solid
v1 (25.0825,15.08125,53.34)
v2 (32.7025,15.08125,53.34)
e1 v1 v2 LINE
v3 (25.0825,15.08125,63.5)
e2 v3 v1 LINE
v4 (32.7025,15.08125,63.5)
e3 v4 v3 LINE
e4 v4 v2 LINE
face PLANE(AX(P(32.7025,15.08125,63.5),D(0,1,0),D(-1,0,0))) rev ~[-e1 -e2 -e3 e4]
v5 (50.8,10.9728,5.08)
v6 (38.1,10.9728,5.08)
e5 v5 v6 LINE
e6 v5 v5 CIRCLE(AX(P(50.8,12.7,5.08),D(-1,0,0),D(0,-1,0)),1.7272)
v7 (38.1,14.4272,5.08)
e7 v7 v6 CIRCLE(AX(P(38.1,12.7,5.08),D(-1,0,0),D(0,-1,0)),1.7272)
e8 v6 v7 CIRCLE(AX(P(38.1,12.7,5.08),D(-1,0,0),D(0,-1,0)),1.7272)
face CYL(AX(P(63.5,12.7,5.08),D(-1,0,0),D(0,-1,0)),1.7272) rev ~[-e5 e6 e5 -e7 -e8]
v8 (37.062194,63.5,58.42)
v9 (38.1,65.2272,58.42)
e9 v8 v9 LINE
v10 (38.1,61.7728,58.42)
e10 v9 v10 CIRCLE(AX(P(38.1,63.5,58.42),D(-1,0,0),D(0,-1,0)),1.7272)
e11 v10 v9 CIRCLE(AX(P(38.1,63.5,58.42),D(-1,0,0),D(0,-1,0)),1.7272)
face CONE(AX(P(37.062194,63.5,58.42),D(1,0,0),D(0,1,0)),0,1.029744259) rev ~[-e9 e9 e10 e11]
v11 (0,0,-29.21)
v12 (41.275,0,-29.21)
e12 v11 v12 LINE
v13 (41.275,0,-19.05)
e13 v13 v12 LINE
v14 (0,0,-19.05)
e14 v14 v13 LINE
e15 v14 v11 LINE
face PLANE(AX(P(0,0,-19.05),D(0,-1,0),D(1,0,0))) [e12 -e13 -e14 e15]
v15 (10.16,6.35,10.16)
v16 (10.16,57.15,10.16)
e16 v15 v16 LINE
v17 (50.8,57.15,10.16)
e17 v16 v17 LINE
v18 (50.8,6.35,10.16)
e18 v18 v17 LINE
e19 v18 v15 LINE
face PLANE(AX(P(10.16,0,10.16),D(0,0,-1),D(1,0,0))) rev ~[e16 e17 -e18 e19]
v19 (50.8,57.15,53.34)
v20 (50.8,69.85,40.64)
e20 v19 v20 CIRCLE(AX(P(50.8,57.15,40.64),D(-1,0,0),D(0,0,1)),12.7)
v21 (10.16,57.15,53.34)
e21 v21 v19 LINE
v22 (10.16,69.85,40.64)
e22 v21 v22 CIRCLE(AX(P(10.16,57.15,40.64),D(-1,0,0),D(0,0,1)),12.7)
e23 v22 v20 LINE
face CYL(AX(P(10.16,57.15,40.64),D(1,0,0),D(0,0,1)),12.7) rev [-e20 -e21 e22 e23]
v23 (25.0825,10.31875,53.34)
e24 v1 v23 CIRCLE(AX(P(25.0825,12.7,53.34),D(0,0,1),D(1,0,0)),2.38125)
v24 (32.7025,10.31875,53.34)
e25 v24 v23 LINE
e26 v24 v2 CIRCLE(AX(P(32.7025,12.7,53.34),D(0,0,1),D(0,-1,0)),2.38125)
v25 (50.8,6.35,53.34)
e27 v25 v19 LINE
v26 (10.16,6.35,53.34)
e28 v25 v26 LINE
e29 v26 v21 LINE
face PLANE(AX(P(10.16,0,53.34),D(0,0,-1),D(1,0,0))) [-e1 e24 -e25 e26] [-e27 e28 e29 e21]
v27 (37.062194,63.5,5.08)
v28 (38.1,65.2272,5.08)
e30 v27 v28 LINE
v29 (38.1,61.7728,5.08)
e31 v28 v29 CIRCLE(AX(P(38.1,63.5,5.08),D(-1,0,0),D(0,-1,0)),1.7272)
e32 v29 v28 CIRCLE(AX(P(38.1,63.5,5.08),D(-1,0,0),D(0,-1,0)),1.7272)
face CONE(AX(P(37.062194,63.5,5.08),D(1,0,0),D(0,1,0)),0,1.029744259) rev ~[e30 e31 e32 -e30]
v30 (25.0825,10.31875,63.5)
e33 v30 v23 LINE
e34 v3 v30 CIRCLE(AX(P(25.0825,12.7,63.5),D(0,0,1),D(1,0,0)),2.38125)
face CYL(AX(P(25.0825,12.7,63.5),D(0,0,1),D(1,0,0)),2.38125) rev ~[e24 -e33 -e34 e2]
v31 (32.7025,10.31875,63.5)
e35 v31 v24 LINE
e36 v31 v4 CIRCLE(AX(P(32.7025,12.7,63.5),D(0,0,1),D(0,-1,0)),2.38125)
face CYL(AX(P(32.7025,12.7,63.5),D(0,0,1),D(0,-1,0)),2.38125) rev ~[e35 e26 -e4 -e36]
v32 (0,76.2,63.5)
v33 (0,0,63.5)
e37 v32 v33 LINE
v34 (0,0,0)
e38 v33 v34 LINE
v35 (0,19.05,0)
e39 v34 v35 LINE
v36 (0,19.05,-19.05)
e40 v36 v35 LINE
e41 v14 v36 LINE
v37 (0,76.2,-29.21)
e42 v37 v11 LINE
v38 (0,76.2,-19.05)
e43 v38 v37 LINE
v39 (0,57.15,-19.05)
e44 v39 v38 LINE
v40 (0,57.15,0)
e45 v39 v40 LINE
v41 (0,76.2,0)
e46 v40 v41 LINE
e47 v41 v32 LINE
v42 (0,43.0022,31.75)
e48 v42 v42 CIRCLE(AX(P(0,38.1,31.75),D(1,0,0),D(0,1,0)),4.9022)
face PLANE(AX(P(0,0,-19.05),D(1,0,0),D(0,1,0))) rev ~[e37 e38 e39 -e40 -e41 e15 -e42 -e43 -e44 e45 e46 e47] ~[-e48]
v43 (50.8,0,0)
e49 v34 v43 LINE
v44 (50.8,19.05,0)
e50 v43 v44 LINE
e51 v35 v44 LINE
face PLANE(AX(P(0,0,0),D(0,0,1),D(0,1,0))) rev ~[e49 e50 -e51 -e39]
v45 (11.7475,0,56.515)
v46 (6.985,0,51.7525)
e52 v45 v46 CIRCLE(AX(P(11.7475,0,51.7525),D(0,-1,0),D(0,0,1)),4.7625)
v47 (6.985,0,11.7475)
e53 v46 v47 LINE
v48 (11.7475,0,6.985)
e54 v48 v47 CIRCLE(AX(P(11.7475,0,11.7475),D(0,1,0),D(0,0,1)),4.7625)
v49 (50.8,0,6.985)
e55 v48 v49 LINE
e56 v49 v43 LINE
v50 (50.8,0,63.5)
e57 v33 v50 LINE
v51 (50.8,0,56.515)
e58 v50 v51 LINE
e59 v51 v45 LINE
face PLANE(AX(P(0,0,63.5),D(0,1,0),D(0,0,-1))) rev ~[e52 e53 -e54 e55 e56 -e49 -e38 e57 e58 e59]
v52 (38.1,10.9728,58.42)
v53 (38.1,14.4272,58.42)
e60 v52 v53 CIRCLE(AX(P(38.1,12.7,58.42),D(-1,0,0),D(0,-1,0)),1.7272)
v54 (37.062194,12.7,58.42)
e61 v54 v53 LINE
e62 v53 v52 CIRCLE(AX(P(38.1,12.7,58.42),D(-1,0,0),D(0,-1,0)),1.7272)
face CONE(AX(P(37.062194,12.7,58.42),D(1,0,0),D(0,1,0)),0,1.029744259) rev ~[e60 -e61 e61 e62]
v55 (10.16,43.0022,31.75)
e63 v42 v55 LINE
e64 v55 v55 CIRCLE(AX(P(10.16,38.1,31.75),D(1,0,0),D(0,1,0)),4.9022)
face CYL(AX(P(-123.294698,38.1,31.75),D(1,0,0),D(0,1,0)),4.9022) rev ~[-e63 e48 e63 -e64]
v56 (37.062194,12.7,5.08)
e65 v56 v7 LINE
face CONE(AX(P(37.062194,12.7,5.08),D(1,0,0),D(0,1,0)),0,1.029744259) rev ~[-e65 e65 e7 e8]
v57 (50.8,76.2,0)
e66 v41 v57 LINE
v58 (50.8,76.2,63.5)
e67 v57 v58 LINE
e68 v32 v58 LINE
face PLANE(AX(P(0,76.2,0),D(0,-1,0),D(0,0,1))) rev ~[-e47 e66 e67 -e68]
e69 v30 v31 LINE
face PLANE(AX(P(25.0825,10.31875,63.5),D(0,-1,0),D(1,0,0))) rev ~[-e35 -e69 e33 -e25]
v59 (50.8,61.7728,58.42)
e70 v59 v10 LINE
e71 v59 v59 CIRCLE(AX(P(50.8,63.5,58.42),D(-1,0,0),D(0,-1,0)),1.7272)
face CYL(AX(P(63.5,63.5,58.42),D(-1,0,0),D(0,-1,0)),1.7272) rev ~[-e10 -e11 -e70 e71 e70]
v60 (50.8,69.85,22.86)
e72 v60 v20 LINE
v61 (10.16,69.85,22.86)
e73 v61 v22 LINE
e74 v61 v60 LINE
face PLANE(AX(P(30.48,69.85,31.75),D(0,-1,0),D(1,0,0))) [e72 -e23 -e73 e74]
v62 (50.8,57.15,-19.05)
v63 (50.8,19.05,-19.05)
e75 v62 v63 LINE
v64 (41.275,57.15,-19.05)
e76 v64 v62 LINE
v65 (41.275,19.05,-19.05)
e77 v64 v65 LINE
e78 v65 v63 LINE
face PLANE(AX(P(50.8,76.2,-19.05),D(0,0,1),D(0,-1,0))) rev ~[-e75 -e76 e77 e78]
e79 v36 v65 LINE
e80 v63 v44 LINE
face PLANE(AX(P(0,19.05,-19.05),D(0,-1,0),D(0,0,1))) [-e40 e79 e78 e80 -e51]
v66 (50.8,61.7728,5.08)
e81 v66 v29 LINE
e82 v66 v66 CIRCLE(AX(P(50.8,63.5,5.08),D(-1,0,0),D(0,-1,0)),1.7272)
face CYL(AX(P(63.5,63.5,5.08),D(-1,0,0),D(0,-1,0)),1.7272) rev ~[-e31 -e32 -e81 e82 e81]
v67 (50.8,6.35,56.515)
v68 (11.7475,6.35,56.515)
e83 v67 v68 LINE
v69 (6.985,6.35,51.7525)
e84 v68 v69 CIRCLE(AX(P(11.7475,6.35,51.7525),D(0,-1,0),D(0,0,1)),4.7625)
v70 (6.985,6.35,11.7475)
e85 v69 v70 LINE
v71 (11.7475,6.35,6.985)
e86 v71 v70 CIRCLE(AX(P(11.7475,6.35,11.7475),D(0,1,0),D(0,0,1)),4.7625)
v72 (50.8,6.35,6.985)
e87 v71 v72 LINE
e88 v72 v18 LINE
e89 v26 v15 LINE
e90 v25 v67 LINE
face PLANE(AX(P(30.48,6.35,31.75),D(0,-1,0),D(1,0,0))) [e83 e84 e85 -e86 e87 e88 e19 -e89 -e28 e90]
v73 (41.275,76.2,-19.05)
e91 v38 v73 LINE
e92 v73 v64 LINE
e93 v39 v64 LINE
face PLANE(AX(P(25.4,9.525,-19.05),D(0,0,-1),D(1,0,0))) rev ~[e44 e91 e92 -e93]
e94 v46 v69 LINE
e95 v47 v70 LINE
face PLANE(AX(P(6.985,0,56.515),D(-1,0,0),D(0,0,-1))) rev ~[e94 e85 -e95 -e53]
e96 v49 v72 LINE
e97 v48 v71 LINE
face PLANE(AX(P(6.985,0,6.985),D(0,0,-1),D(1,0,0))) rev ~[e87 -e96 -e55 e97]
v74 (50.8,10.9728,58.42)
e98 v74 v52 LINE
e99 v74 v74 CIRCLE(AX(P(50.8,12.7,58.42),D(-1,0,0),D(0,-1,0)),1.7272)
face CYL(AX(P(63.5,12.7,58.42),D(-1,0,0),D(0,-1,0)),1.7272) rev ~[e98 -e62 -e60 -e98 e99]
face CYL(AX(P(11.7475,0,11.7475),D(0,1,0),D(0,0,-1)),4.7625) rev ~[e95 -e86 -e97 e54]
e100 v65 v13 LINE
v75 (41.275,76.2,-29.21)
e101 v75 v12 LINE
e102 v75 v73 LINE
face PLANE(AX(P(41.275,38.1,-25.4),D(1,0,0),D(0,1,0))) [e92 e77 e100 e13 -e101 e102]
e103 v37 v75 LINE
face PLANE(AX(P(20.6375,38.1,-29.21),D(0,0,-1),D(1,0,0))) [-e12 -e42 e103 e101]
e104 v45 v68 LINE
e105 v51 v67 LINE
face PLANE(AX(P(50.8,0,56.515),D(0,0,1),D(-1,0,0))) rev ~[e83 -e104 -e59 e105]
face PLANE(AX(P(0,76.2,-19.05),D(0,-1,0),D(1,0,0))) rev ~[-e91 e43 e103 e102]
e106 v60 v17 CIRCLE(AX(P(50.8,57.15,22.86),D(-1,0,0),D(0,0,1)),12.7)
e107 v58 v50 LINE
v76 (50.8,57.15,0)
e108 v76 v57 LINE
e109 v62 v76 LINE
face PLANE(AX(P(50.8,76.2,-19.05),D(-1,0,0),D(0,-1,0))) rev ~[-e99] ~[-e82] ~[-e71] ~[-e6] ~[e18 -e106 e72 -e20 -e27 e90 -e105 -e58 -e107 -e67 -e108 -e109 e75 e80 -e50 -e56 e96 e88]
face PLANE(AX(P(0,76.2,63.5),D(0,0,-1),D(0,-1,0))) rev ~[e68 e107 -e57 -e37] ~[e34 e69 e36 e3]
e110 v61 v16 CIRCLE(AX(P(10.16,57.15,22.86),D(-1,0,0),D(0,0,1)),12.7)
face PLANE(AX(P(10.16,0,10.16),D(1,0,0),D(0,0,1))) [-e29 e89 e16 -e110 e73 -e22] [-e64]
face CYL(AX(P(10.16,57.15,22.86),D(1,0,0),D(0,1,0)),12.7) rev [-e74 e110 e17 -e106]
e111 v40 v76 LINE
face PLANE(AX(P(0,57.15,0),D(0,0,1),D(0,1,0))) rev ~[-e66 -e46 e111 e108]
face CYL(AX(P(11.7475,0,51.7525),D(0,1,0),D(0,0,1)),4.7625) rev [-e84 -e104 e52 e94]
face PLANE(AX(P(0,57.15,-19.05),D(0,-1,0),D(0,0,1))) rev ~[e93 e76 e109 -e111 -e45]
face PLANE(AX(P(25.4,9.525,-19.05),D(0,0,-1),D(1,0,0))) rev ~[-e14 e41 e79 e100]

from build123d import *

# Parameters (mm, degrees)
F0_W      = 38.1
F0_H      = 19.05
F1_DEPTH  = 50.8
F3_D      = 9.8044
F4_W      = 50.8
F4_H      = 19.05
F4_H_2    = 38.1
F5_DEPTH  = 12.7
F7_W      = 40.64
F7_H      = 43.18
F8_DEPTH  = 69.85
F9_W      = 40.64
F9_H      = 43.18
F10_DEPTH = 6.35
F12_DEPTH = 9.525
F14_D     = 3.4544
F14_DEPTH = 12.7
F14_TIP   = 1.0378064612
F15_R     = 12.7
F16_R     = 12.7
F17_R     = 4.7625
F19_DEPTH = 25.4
F20_W     = 41.275
F20_H     = 76.2
F21_DEPTH = 2.54


with BuildPart() as f1:
    # F0 (on Right) → F1 (new body)
    with BuildSketch(Plane.YZ):
        Polygon((0, 63.5), (0, 0), (19.05, 0), (57.15, 0), (76.2, 0), (76.2, 63.5), align=None)
        with Locations((38.1, -9.525)):
            Rectangle(F0_W, F0_H)
    extrude(amount=F1_DEPTH)

    # F3 (through all)
    with Locations(Plane(origin=(0, 0, 0), x_dir=(0, -1, 0), z_dir=(-1, 0, 0))):
        with Locations((-38.1, 31.75)):
            Hole(F3_D / 2)

    # F4 (on face) → F5 (join)
    with BuildSketch(Plane(origin=(0, 0, -19.05), x_dir=(1, 0, 0), z_dir=(0, 0, -1))):
        with Locations((25.4, -9.525)):
            Rectangle(F4_W, F4_H)
        with Locations((25.4, -66.675)):
            Rectangle(F4_W, F4_H)
        with Locations((25.4, -38.1)):
            Rectangle(F4_W, F4_H_2)
    extrude(amount=F5_DEPTH)

    # F7 (on face) → F8 (cut)
    with BuildSketch(Plane.XZ):
        with Locations((30.48, 31.75)):
            Rectangle(F7_W, F7_H)
    extrude(amount=-F8_DEPTH, mode=Mode.SUBTRACT)

    # F9 (on face) → F10 (cut)
    with BuildSketch(Plane.XZ):
        with Locations((30.48, 31.75)):
            Rectangle(F9_W, F9_H)
        Polygon((50.8, 53.34), (50.8, 56.515), (6.985, 56.515), (6.985, 6.985), (50.8, 6.985), (50.8, 10.16), (10.16, 10.16), (10.16, 53.34), align=None)
    extrude(amount=-F10_DEPTH, mode=Mode.SUBTRACT)

    # F11 (on face) → F12 (cut)
    with BuildSketch(Plane.YZ.offset(50.8)):
        Polygon((19.05, -19.05), (0, -19.05), (0, -31.75), (76.2, -31.75), (76.2, -19.05), (57.15, -19.05), align=None)
    extrude(amount=-F12_DEPTH, mode=Mode.SUBTRACT)

    # F14
    with Locations(Plane.YZ.offset(50.8)):
        with Locations((12.7, 58.42), (63.5, 58.42), (12.7, 5.08), (63.5, 5.08)):
            Hole(F14_D / 2, depth=F14_DEPTH)
            with Locations((0, 0, -(F14_DEPTH + F14_TIP / 2))):  # 118° drill point
                Cone(0, F14_D / 2, F14_TIP, mode=Mode.SUBTRACT)

    # F15
    f15_edges = [f1.edges().sort_by_distance(p)[0] for p in [
        (30.48, 69.85, 53.34),
    ]]
    fillet(f15_edges, radius=F15_R)

    # F16
    f16_edges = [f1.edges().sort_by_distance(p)[0] for p in [
        (30.48, 69.85, 10.16),
    ]]
    fillet(f16_edges, radius=F16_R)

    # F17
    f17_edges = [f1.edges().sort_by_distance(p)[0] for p in [
        (6.985, 3.175, 56.515),
        (6.985, 3.175, 6.985),
    ]]
    fillet(f17_edges, radius=F17_R)

    # F18 (on face) → F19 (cut)
    with BuildSketch(Plane.XY.offset(63.5)):
        with BuildLine():
            ThreePointArc((25.0825, 15.08125), (26.7662980227, 14.3837980227), (27.46375, 12.7))
            ThreePointArc((27.46375, 12.7), (26.7662980227, 11.0162019773), (25.0825, 10.31875))
            Line((25.0825, 10.31875), (32.7025, 10.31875))
            ThreePointArc((32.7025, 10.31875), (30.32125, 12.7), (32.7025, 15.08125))
            Line((32.7025, 15.08125), (25.0825, 15.08125))
        make_face()
        with BuildLine():
            ThreePointArc((35.08375, 12.7), (34.3862980227, 14.3837980227), (32.7025, 15.08125))
            ThreePointArc((32.7025, 15.08125), (30.32125, 12.7), (32.7025, 10.31875))
            ThreePointArc((32.7025, 10.31875), (34.3862980227, 11.0162019773), (35.08375, 12.7))
        make_face()
        with BuildLine():
            ThreePointArc((25.0825, 10.31875), (26.7662980227, 11.0162019773), (27.46375, 12.7))
            ThreePointArc((27.46375, 12.7), (26.7662980227, 14.3837980227), (25.0825, 15.08125))
            ThreePointArc((25.0825, 15.08125), (22.70125, 12.7), (25.0825, 10.31875))
        make_face()
    extrude(amount=-F19_DEPTH, mode=Mode.SUBTRACT)

    # F20 (on face) → F21 (cut)
    with BuildSketch(Plane(origin=(0, 0, -31.75), x_dir=(1, 0, 0), z_dir=(0, 0, -1))):
        with Locations((20.6375, -38.1)):
            Rectangle(F20_W, F20_H)
    extrude(amount=-F21_DEPTH, mode=Mode.SUBTRACT)


solid = f1.part
